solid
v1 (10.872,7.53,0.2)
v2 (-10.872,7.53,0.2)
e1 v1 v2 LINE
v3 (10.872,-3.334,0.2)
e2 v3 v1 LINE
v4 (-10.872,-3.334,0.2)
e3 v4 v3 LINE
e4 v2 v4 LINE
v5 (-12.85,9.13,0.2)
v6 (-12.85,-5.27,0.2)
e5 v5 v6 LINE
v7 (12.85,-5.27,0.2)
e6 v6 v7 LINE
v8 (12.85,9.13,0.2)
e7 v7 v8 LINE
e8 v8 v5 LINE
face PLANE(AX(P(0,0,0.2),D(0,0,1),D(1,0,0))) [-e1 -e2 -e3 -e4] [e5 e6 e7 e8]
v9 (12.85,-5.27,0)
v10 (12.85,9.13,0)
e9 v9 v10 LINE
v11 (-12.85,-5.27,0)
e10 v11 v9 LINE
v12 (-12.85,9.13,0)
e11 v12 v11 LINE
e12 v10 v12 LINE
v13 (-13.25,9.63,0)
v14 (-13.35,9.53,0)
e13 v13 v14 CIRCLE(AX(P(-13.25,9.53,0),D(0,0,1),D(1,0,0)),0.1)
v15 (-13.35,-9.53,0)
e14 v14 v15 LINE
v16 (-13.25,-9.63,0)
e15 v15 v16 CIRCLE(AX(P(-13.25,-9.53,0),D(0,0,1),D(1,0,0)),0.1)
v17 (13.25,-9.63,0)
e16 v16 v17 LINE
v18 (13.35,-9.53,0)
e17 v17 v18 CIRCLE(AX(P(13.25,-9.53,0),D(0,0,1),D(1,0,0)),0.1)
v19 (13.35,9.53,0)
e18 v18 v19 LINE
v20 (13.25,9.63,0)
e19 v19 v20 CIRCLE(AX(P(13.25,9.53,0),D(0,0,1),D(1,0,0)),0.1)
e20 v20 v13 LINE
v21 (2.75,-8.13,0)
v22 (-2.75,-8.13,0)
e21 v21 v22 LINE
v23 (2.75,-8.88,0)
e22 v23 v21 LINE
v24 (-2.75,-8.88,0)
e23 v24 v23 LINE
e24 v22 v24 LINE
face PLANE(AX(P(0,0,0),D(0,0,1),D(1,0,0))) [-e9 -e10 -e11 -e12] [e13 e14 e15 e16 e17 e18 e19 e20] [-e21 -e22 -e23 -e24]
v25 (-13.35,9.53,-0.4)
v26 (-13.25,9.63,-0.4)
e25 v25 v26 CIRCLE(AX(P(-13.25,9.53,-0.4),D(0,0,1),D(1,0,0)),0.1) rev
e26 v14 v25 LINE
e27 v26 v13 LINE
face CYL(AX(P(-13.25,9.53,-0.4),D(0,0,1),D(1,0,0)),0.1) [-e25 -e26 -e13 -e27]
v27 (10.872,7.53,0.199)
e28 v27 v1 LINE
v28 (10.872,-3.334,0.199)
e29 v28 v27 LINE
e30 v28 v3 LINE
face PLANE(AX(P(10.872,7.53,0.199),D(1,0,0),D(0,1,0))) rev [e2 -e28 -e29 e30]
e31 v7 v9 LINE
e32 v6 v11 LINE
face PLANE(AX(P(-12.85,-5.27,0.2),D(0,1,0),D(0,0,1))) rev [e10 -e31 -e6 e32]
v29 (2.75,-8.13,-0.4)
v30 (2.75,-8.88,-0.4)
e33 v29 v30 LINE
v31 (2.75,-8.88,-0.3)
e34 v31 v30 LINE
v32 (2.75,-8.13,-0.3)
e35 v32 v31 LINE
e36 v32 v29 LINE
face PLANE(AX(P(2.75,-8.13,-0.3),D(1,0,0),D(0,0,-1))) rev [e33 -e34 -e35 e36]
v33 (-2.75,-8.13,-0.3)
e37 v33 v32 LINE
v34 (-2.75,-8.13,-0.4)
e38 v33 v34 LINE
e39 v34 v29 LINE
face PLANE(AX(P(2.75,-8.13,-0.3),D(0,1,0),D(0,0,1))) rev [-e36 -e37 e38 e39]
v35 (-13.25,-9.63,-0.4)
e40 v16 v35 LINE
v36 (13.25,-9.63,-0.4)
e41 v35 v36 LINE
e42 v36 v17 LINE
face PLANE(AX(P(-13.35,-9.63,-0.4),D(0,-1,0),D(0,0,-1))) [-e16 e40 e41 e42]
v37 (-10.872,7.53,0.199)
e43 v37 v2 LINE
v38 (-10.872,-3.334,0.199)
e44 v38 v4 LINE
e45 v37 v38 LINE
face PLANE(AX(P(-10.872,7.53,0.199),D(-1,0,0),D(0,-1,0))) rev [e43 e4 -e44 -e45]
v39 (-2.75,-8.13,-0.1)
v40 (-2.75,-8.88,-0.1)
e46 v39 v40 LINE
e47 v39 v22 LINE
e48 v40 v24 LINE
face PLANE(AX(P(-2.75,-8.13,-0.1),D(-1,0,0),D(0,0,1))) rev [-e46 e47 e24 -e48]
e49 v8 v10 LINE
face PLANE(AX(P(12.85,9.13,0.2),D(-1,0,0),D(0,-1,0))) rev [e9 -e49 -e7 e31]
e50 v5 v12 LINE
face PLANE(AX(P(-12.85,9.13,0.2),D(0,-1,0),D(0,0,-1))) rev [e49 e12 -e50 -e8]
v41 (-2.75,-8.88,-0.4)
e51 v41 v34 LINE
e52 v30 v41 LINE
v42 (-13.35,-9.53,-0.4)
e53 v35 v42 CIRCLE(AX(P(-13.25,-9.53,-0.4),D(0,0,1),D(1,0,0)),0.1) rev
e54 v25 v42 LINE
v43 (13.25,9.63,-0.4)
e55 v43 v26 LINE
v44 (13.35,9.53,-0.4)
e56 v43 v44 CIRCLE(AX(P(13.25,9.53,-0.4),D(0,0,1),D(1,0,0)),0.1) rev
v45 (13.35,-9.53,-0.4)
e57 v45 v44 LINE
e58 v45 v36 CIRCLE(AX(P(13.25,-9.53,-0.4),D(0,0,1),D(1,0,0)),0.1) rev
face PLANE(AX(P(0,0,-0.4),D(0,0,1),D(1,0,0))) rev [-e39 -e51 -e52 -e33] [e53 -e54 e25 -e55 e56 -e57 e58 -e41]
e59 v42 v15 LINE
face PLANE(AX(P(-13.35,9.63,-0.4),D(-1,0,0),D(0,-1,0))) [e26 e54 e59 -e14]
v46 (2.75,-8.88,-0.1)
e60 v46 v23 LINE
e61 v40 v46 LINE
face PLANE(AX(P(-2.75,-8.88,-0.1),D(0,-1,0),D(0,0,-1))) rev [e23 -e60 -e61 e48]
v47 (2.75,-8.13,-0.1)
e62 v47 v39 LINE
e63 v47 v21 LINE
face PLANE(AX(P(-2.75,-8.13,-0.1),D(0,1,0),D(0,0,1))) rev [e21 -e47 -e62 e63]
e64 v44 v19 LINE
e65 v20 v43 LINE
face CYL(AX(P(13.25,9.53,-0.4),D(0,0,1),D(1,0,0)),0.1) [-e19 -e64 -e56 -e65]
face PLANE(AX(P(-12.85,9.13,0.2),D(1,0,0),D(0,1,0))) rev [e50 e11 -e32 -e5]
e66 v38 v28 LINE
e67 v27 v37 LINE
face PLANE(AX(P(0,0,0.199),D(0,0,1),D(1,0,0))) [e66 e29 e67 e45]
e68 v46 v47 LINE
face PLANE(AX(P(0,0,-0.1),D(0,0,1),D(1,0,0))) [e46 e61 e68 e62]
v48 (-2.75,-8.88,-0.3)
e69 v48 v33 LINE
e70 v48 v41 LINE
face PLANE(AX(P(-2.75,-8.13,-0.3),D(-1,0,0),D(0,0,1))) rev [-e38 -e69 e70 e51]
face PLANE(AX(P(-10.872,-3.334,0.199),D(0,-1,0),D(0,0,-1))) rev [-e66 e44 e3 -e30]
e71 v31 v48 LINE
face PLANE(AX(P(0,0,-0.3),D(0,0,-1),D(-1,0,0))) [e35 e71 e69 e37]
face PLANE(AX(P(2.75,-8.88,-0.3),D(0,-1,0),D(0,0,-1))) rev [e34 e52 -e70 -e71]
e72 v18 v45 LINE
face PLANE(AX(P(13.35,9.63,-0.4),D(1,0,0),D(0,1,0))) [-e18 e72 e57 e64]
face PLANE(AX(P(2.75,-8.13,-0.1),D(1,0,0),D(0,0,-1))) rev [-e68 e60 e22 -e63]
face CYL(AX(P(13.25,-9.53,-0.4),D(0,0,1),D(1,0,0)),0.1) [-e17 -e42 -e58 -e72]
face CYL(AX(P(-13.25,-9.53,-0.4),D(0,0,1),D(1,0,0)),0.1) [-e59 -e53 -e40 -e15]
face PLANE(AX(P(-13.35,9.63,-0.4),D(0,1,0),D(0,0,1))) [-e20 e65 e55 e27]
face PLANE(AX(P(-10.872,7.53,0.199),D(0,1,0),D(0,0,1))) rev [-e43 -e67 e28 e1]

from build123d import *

# Parameters (mm, degrees)
SKETCH3_W           = 26.7
SKETCH3_H           = 19.26
BOSS_EXTRUDE1_DEPTH = 0.4
SKETCH5_W           = 25.7
SKETCH5_H           = 14.4
BOSS_EXTRUDE3_DEPTH = 0.2
SKETCH6_W           = 21.744
SKETCH6_H           = 10.864
CUT_EXTRUDE1_DEPTH  = 0.001
FILLET1_R           = 0.1
SKETCH7_W           = 5.5
SKETCH7_H           = 0.75
CUT_EXTRUDE2_DEPTH  = 0.1
SKETCH8_W           = 5.5
SKETCH8_H           = 0.75
CUT_EXTRUDE3_DEPTH  = 0.1


with BuildPart() as part:
    # Sketch3 → Boss-Extrude1 (new body)
    with BuildSketch(Plane.XY):
        Rectangle(SKETCH3_W, SKETCH3_H)
    extrude(amount=-BOSS_EXTRUDE1_DEPTH)

    # Sketch5 → Boss-Extrude3 (add)
    with BuildSketch(Plane.XY):
        with Locations((0, 1.93)):
            Rectangle(SKETCH5_W, SKETCH5_H)
    extrude(amount=BOSS_EXTRUDE3_DEPTH)

    # Sketch6 → Cut-Extrude1 (cut)
    with BuildSketch(Plane.XY.offset(0.2)):
        with Locations((0, 2.098)):
            Rectangle(SKETCH6_W, SKETCH6_H)
    extrude(amount=-CUT_EXTRUDE1_DEPTH, mode=Mode.SUBTRACT)

    # Fillet1
    fillet1_edges = [part.edges().sort_by_distance(p)[0] for p in [
        (13.35, -9.63, -0.2),
        (-13.35, -9.63, -0.2),
        (-13.35, 9.63, -0.2),
        (13.35, 9.63, -0.2),
    ]]
    fillet(fillet1_edges, radius=FILLET1_R)

    # Sketch7 → Cut-Extrude2 (cut)
    with BuildSketch(Plane.XY):
        with Locations((0, -8.505)):
            Rectangle(SKETCH7_W, SKETCH7_H)
    extrude(amount=-CUT_EXTRUDE2_DEPTH, mode=Mode.SUBTRACT)

    # Sketch8 → Cut-Extrude3 (cut)
    with BuildSketch(Plane(origin=(0, 0, -0.4), x_dir=(-1, 0, 0), z_dir=(0, 0, -1))):
        with Locations((0, -8.505)):
            Rectangle(SKETCH8_W, SKETCH8_H)
    extrude(amount=-CUT_EXTRUDE3_DEPTH, mode=Mode.SUBTRACT)


solid = part.part
